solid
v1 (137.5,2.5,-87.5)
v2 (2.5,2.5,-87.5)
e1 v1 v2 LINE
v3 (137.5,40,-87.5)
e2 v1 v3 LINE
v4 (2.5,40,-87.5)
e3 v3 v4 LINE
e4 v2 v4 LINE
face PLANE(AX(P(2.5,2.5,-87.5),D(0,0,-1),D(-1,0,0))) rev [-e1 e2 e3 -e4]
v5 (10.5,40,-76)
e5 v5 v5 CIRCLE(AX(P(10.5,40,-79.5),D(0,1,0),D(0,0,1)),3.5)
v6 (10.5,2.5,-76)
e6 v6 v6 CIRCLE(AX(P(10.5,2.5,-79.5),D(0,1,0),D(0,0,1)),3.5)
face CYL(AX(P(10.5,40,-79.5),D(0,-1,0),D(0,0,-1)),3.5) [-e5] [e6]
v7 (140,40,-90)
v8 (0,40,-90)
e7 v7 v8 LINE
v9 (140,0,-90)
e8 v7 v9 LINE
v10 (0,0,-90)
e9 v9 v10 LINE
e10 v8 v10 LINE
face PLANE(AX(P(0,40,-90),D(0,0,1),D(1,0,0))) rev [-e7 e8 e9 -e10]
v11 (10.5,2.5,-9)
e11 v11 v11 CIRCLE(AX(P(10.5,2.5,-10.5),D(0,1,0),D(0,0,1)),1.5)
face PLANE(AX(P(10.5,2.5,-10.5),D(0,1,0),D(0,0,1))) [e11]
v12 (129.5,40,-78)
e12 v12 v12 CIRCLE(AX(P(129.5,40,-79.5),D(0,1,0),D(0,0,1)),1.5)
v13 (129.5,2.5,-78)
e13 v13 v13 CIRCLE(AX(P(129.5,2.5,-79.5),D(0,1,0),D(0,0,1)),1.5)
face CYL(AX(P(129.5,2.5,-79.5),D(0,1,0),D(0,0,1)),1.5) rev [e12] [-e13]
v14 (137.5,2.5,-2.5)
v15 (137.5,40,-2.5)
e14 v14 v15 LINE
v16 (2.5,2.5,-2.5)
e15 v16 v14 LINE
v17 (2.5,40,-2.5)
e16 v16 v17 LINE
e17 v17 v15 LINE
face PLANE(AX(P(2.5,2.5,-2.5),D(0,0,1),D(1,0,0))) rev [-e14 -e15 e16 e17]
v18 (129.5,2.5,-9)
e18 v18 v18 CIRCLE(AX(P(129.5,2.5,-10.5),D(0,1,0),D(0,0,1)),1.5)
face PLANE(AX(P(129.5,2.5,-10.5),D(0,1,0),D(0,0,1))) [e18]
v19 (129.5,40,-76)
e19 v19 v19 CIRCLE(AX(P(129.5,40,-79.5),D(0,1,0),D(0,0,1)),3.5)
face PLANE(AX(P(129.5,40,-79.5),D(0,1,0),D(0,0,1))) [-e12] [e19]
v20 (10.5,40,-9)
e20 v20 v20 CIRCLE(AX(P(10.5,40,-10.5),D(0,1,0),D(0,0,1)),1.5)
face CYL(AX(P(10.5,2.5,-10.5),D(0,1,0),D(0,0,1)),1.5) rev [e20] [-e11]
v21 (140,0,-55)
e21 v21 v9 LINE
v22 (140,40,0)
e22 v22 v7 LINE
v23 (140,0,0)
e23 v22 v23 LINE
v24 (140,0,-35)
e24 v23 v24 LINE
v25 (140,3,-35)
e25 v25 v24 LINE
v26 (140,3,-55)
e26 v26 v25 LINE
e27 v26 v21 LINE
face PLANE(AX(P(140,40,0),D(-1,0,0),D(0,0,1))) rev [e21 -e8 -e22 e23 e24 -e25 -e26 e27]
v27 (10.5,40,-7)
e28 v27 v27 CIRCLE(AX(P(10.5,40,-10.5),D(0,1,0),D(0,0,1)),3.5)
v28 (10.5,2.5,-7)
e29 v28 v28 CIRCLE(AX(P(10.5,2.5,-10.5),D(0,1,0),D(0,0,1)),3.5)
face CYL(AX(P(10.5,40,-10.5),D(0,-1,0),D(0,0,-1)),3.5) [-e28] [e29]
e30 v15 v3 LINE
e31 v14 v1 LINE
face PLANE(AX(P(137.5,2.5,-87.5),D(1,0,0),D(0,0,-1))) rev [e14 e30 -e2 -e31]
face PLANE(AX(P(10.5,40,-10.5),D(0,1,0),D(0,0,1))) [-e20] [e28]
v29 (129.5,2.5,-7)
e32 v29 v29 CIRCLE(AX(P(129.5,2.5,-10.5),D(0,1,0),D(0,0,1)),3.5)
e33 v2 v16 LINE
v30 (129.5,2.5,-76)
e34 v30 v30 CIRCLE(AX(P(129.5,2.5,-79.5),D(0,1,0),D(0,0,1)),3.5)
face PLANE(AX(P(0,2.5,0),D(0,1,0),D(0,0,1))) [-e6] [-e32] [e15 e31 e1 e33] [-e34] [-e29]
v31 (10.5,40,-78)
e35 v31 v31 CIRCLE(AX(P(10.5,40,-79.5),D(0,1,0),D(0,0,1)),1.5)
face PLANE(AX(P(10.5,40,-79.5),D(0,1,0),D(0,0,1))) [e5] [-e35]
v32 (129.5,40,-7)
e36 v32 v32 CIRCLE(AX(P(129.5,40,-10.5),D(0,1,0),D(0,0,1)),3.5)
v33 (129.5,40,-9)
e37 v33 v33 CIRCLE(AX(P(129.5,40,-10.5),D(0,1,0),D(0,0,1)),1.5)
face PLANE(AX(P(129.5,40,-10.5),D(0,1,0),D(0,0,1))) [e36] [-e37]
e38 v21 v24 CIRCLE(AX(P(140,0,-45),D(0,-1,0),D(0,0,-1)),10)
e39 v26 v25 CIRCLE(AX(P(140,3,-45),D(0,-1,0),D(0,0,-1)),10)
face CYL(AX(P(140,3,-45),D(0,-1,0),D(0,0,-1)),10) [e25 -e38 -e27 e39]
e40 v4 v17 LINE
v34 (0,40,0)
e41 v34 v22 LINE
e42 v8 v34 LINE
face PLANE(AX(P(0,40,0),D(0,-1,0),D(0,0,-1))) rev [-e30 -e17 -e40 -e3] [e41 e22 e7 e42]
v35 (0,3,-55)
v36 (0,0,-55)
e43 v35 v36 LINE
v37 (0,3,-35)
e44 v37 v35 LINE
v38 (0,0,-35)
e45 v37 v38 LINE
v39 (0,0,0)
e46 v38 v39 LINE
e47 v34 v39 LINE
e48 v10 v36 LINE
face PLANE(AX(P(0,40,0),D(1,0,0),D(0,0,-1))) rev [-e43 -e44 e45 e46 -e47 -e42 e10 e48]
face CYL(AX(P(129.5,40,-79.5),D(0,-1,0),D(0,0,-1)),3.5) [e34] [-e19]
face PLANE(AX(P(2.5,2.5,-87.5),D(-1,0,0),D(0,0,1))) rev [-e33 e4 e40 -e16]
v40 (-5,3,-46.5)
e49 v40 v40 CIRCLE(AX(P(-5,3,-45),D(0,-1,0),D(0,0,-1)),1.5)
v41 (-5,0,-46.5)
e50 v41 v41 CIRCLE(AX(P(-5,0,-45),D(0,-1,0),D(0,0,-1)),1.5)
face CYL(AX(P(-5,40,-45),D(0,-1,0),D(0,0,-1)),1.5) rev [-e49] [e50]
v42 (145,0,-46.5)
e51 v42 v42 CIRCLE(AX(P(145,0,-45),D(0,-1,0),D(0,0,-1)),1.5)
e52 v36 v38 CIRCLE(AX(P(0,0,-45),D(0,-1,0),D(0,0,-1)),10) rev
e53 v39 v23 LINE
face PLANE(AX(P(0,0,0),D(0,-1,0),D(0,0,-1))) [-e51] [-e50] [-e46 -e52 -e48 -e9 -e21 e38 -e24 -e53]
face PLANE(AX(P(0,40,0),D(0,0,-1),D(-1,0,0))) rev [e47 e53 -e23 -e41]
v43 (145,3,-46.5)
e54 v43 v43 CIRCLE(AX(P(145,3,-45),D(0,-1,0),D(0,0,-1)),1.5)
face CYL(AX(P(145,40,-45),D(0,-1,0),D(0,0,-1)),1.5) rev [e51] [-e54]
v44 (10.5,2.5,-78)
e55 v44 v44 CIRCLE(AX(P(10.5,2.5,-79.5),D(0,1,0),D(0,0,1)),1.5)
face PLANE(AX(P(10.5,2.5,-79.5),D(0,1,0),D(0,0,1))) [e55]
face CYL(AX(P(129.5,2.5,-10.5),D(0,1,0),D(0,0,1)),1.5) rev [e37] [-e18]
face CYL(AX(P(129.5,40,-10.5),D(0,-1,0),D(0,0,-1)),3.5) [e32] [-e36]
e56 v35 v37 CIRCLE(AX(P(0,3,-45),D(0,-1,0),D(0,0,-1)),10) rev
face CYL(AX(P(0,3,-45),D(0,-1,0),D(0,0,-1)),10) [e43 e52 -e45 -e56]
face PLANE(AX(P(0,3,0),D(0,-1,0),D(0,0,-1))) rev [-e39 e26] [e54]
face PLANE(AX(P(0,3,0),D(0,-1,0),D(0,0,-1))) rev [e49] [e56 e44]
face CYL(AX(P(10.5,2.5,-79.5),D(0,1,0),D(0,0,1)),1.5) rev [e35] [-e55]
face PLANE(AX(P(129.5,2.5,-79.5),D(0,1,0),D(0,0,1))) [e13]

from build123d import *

# Parameters (mm, degrees)
SKETCH1_W           = 140
SKETCH1_H           = 90
BOSS_EXTRUDE1_DEPTH = 40
SKETCH2_W           = 135
SKETCH2_H           = 85
CUT_EXTRUDE1_DEPTH  = 37.5
SKETCH3_R           = 3.5
BOSS_EXTRUDE2_DEPTH = 37.5
SKETCH4_R           = 1.5
CUT_EXTRUDE2_DEPTH  = 37.5
BOSS_EXTRUDE3_DEPTH = 3
SKETCH7_R           = 1.5
CUT_EXTRUDE3_DEPTH  = 180.443584449


with BuildPart() as part:
    # Sketch1 → Boss-Extrude1 (new body)
    with BuildSketch(Plane(origin=(0, 0, 0), x_dir=(1, 0, 0), z_dir=(0, 1, 0))):
        with Locations((70, 45)):
            Rectangle(SKETCH1_W, SKETCH1_H)
    extrude(amount=BOSS_EXTRUDE1_DEPTH)

    # Sketch2 → Cut-Extrude1 (cut)
    with BuildSketch(Plane(origin=(0, 40, 0), x_dir=(1, 0, 0), z_dir=(0, 1, 0))):
        with Locations((70, 45)):
            Rectangle(SKETCH2_W, SKETCH2_H)
    extrude(amount=-CUT_EXTRUDE1_DEPTH, mode=Mode.SUBTRACT)

    # Sketch3 → Boss-Extrude2 (add)
    with BuildSketch(Plane(origin=(0, 2.5, 0), x_dir=(1, 0, 0), z_dir=(0, 1, 0))):
        with Locations(Location((10.5, 79.5, 0), (0, 0, 270))):
            Circle(SKETCH3_R)
        with Locations(Location((10.5, 10.5, 0), (0, 0, 270))):
            Circle(SKETCH3_R)
        with Locations(Location((129.5, 10.5, 0), (0, 0, 270))):
            Circle(SKETCH3_R)
        with Locations(Location((129.5, 79.5, 0), (0, 0, 270))):
            Circle(SKETCH3_R)
    extrude(amount=BOSS_EXTRUDE2_DEPTH)

    # Sketch4 → Cut-Extrude2 (cut)
    with BuildSketch(Plane(origin=(0, 40, 0), x_dir=(1, 0, 0), z_dir=(0, 1, 0))):
        with Locations(Location((10.5, 79.5, 0), (0, 0, 270))):
            Circle(SKETCH4_R)
        with Locations(Location((129.5, 79.5, 0), (0, 0, 270))):
            Circle(SKETCH4_R)
        with Locations(Location((10.5, 10.5, 0), (0, 0, 270))):
            Circle(SKETCH4_R)
        with Locations(Location((129.5, 10.5, 0), (0, 0, 270))):
            Circle(SKETCH4_R)
    extrude(amount=-CUT_EXTRUDE2_DEPTH, mode=Mode.SUBTRACT)

    # Sketch5 → Boss-Extrude3 (add)
    with BuildSketch(Plane.XZ):
        with BuildLine():
            ThreePointArc((0, -35), (-7.071067812, -37.928932188), (-10, -45))
            Line((-10, -45), (0, -45))
            Line((0, -45), (0, -35))
        make_face()
        with BuildLine():
            Line((0, -45), (-10, -45))
            ThreePointArc((-10, -45), (-7.071067812, -52.071067812), (0, -55))
            Line((0, -55), (0, -45))
        make_face()
        with BuildLine():
            Line((140, -35), (140, -45))
            Line((140, -45), (150, -45))
            ThreePointArc((150, -45), (147.071067812, -37.928932188), (140, -35))
        make_face()
        with BuildLine():
            Line((150, -45), (140, -45))
            Line((140, -45), (140, -55))
            ThreePointArc((140, -55), (147.071067812, -52.071067812), (150, -45))
        make_face()
    extrude(amount=-BOSS_EXTRUDE3_DEPTH)

    # Sketch7 → Cut-Extrude3 (cut, through all)
    with BuildSketch(Plane.XZ):
        with Locations(Location((-5, -45, 0), (0, 0, 270))):
            Circle(SKETCH7_R)
        with Locations(Location((145, -45, 0), (0, 0, 270))):
            Circle(SKETCH7_R)
    extrude(amount=-CUT_EXTRUDE3_DEPTH, mode=Mode.SUBTRACT)


solid = part.part
